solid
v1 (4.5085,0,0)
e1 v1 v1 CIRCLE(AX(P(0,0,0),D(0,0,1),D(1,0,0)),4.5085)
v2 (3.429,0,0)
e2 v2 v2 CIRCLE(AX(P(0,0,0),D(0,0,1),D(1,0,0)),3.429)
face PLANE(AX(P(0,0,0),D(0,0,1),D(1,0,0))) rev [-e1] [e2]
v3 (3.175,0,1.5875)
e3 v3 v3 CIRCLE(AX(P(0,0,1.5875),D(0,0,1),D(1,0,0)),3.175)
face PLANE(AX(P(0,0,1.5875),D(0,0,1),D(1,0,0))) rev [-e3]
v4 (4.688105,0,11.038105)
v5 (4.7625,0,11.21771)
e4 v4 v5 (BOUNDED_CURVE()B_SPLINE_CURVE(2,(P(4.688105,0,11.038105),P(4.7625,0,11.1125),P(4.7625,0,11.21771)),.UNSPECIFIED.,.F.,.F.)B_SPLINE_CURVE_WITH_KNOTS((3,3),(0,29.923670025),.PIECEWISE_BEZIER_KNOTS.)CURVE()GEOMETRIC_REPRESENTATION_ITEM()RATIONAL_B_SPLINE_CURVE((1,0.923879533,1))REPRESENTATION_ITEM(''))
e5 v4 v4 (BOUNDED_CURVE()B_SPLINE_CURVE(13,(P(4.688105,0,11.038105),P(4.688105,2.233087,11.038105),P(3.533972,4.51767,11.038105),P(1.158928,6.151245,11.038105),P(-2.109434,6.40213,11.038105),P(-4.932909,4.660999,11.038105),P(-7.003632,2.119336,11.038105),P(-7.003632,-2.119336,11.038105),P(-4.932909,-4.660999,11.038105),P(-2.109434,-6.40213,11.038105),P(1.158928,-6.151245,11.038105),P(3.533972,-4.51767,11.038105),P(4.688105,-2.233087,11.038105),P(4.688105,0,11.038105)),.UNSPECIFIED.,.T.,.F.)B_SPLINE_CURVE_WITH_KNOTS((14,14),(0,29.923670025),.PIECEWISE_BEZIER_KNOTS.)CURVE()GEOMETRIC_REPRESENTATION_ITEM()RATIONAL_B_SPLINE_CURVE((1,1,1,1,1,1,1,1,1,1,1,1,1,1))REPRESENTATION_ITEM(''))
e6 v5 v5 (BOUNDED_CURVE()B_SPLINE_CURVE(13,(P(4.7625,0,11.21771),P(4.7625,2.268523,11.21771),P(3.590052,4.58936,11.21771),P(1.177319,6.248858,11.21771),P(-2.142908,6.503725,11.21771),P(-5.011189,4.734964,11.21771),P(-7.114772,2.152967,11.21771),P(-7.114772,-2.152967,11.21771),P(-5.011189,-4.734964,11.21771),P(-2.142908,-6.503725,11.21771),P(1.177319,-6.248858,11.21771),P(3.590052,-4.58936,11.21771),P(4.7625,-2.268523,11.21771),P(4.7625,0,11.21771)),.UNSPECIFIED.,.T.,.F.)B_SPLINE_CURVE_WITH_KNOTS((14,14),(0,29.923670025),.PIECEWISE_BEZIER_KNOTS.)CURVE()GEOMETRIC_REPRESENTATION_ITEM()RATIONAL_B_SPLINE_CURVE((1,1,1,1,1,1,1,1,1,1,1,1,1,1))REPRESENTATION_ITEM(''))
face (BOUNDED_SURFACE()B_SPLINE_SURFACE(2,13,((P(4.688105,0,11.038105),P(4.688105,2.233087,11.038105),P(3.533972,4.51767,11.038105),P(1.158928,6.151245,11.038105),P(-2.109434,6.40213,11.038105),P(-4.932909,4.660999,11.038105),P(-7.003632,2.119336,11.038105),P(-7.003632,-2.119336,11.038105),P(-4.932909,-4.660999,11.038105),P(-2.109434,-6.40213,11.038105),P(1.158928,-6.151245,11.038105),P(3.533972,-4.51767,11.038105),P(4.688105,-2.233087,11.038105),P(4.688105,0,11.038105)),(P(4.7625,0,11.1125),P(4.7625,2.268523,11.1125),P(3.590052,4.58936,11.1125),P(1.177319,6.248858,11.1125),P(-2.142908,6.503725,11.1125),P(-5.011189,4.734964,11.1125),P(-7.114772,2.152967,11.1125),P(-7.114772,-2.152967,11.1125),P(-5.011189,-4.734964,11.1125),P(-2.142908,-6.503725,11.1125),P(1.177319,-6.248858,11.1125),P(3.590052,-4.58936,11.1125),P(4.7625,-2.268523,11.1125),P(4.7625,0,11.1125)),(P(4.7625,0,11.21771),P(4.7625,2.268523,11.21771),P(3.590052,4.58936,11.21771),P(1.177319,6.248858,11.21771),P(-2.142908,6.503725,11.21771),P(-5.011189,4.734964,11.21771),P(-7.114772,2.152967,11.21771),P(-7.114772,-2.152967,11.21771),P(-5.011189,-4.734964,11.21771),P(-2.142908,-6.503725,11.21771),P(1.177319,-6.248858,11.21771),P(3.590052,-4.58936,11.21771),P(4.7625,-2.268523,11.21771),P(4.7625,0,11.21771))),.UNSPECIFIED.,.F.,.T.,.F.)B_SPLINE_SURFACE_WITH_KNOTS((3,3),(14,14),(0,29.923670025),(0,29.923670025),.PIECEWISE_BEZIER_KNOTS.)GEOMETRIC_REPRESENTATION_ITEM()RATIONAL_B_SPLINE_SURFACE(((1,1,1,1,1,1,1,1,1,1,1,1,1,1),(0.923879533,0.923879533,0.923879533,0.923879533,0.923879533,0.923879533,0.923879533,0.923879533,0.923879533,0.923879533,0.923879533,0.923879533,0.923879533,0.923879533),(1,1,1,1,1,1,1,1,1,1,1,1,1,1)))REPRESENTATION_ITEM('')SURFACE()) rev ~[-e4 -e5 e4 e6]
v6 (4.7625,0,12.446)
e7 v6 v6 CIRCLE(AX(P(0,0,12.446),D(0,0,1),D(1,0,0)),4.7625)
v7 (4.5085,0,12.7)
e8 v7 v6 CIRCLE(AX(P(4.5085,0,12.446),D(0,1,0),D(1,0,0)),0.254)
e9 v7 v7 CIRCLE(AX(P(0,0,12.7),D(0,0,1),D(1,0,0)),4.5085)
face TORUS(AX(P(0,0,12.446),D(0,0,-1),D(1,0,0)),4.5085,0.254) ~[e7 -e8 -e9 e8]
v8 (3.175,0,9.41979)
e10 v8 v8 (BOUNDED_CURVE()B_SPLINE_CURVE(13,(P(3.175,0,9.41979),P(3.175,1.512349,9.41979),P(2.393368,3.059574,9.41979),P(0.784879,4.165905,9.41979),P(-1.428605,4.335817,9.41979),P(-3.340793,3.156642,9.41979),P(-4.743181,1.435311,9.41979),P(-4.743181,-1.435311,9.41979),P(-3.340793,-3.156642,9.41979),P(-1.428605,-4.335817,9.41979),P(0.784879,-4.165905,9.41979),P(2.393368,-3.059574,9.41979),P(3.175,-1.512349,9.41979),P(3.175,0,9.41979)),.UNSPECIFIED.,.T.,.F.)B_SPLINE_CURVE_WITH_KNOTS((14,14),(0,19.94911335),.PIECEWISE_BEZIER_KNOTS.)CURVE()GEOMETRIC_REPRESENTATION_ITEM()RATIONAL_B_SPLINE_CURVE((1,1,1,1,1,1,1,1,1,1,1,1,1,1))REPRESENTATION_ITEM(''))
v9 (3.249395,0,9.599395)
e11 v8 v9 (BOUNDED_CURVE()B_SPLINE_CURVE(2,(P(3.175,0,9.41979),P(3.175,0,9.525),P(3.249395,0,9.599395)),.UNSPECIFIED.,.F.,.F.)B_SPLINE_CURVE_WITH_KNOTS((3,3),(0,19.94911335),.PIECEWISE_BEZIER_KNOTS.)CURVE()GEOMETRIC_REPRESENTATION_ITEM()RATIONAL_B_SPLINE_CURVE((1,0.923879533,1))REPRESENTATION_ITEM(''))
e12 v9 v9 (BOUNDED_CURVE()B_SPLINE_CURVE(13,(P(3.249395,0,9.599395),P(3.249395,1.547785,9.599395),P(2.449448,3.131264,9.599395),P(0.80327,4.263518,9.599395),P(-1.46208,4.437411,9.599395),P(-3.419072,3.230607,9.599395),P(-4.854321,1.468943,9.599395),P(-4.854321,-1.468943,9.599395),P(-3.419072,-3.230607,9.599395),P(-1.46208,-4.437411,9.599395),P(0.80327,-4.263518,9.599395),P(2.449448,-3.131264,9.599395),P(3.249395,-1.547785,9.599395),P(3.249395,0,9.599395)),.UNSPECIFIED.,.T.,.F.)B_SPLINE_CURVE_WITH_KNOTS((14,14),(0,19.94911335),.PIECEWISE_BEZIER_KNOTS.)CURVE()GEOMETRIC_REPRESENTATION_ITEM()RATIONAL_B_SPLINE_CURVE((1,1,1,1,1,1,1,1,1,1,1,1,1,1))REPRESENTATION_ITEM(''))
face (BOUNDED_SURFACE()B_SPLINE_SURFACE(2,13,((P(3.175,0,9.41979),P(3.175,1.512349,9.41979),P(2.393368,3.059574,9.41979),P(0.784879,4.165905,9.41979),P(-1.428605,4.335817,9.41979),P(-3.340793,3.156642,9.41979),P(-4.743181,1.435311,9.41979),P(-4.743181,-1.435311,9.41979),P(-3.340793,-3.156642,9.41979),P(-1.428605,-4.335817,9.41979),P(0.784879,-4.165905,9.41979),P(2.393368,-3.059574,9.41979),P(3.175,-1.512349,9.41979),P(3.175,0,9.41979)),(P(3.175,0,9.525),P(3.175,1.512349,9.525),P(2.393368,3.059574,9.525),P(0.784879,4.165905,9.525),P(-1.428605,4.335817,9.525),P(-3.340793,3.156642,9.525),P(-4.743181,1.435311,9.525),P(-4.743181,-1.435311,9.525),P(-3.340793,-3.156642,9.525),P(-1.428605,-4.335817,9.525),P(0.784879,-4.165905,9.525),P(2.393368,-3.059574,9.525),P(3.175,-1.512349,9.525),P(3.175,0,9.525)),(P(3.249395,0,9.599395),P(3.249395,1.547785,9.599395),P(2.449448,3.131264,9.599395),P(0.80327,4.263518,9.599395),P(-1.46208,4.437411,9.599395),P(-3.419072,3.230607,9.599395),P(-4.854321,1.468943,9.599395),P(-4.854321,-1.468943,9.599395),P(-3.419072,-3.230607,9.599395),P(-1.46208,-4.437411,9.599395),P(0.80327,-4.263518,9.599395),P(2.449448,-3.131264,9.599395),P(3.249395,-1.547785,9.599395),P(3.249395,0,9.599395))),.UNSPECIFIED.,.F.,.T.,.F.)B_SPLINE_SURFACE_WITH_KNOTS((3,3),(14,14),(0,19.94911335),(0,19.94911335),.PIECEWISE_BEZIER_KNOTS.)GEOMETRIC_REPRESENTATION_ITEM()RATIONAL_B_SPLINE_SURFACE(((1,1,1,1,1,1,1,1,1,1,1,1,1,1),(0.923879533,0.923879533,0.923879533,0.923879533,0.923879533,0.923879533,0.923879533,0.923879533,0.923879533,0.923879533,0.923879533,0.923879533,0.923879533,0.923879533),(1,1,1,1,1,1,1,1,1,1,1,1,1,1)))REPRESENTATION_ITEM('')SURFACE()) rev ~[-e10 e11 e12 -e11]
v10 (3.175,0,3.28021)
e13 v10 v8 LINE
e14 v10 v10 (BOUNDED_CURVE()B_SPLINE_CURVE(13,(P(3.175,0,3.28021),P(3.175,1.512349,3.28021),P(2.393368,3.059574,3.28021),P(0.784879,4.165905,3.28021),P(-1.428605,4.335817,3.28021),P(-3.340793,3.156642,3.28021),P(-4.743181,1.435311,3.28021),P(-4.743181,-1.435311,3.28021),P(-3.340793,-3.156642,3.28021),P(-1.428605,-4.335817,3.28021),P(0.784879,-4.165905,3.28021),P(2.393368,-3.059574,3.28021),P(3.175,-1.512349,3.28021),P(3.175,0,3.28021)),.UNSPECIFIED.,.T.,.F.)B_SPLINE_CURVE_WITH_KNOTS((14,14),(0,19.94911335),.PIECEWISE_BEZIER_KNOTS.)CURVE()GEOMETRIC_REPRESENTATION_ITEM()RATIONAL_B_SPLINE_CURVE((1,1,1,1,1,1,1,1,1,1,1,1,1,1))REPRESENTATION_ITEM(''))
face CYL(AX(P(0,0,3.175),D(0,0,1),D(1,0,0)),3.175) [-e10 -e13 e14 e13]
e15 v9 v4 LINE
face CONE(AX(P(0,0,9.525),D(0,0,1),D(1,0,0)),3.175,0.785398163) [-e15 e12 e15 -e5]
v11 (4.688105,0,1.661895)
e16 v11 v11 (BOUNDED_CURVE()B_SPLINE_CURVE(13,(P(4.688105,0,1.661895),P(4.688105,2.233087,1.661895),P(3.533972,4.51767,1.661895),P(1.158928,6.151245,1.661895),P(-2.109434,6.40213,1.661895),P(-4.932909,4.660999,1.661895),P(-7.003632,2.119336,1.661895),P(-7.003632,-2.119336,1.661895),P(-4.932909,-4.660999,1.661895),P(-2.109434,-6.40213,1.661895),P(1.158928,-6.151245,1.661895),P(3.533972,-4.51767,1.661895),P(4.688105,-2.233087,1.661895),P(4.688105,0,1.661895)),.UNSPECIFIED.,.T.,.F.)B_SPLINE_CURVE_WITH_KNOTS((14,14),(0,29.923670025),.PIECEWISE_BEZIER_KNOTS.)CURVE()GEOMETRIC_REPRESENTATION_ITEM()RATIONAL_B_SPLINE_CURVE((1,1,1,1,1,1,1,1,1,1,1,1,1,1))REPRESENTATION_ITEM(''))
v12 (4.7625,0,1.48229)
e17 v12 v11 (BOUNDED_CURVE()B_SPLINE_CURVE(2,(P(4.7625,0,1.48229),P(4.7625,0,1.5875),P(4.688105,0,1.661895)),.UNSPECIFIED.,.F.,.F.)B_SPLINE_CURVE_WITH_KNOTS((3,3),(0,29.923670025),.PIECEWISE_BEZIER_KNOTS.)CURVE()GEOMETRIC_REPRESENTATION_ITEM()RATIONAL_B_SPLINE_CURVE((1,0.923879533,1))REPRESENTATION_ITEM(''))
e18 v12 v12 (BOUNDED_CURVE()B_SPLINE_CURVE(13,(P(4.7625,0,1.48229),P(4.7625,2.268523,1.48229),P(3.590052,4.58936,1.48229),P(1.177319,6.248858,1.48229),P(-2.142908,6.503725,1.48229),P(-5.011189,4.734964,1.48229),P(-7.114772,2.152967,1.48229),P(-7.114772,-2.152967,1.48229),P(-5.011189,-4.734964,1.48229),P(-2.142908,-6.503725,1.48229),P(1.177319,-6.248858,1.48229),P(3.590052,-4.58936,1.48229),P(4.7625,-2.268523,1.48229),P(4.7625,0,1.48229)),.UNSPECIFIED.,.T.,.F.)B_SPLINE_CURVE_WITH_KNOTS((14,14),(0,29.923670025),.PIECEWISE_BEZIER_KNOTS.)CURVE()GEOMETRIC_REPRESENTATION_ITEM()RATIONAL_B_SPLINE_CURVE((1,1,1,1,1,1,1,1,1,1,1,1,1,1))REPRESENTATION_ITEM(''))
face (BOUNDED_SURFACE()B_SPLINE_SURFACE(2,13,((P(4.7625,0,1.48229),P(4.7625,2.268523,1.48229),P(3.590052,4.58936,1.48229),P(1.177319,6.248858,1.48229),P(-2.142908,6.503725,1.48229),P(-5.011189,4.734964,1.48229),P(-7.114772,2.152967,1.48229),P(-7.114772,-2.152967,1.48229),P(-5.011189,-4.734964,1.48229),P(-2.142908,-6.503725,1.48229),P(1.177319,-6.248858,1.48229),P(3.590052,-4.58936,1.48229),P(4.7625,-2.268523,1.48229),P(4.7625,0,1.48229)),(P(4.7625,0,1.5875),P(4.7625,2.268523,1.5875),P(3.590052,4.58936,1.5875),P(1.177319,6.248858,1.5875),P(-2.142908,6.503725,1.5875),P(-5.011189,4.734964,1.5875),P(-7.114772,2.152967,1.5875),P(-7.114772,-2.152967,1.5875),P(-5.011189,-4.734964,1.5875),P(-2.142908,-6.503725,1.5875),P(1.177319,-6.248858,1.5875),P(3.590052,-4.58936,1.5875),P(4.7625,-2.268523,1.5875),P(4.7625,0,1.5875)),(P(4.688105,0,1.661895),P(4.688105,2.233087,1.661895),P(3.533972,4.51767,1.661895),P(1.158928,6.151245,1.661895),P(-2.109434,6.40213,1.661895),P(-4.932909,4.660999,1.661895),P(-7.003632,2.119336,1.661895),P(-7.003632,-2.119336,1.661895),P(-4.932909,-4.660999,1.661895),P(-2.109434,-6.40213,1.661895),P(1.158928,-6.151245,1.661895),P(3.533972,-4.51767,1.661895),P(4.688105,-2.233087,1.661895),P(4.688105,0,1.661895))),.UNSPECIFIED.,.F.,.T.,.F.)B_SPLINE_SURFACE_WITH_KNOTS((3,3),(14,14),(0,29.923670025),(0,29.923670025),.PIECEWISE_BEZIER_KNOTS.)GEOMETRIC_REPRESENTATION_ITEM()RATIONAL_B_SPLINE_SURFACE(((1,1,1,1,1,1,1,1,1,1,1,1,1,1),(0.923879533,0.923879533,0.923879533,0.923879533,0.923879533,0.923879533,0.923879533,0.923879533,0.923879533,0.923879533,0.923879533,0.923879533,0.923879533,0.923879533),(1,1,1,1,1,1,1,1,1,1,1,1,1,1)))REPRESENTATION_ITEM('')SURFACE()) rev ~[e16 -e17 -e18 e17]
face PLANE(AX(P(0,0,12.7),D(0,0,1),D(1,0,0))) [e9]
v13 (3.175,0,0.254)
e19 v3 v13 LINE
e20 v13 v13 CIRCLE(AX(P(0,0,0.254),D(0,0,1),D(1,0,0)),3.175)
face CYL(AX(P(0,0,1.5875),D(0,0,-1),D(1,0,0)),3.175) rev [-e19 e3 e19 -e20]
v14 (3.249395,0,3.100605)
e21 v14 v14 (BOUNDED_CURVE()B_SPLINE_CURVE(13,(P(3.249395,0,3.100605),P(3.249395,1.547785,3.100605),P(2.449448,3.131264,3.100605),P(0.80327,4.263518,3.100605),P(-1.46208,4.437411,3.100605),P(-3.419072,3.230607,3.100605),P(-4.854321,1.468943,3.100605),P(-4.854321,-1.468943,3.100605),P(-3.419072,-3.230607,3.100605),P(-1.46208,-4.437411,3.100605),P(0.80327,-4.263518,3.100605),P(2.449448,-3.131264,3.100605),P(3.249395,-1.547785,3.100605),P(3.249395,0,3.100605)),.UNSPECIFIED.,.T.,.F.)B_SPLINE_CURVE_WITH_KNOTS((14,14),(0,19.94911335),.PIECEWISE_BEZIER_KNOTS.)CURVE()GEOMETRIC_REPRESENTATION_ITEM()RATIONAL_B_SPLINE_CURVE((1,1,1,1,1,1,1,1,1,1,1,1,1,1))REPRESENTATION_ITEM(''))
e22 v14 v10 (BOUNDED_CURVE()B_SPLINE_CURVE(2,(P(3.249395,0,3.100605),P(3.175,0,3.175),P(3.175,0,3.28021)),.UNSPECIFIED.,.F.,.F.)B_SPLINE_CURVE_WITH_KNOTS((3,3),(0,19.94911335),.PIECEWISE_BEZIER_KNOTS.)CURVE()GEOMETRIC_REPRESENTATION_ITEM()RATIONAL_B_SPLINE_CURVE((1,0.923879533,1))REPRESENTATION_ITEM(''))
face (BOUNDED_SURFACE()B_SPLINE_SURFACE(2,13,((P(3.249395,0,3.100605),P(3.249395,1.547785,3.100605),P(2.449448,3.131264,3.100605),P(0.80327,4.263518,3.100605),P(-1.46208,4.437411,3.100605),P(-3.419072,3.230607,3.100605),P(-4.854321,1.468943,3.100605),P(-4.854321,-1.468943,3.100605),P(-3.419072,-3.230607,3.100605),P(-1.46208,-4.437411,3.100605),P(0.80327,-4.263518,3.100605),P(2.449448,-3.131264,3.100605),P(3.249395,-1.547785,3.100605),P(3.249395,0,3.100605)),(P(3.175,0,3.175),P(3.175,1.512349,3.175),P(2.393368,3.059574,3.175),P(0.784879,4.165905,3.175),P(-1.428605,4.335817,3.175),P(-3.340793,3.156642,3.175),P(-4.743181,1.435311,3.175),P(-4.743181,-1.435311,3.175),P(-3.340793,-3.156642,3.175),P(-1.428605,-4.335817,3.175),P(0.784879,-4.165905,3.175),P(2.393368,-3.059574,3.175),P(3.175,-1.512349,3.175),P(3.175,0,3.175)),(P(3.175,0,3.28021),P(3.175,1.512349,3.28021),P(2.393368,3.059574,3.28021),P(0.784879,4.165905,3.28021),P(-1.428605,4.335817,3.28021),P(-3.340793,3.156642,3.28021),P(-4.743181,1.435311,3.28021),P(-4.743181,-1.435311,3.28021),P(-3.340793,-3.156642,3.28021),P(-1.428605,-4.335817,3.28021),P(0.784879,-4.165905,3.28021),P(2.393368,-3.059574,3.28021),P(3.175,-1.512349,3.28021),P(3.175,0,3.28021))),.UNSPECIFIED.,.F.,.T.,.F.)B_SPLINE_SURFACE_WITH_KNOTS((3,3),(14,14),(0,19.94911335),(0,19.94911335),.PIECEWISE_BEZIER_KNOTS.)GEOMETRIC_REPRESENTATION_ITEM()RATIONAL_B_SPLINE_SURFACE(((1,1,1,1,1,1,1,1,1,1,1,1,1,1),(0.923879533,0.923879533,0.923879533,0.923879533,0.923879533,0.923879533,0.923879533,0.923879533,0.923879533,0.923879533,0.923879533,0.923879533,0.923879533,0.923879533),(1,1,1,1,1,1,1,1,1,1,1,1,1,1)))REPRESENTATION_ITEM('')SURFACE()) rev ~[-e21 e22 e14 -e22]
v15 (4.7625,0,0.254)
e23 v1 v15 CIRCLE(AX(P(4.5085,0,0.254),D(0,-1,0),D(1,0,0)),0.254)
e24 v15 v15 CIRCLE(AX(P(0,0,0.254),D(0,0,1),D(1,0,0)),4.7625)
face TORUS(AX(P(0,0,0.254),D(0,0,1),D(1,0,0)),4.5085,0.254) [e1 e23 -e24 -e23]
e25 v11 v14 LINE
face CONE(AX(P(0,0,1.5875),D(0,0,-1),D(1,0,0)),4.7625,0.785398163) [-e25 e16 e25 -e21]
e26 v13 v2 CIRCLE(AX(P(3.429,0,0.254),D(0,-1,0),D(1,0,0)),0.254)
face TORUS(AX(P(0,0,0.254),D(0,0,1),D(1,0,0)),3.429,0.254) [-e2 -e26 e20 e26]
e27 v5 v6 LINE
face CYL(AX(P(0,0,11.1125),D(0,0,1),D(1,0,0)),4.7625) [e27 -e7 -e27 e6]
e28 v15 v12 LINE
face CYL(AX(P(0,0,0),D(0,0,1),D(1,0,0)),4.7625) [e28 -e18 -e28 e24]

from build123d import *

# Parameters (mm, degrees)
F2_R = 0.254


with BuildPart() as f1:
    # F0 (on Front) → F1 (revolve)
    with BuildSketch(Plane.XZ):
        Polygon((4.7625, 12.7), (0, 12.7), (0, 1.5875), (3.175, 1.5875), (3.175, 0), (4.7625, 0), (4.7625, 1.5875), (3.175, 3.175), (3.175, 9.525), (4.7625, 11.1125), align=None)
    revolve(axis=Axis((0, 0, 6.35), (0, 0, 1)))

    # F2
    f2_edges = [f1.edges().sort_by_distance(p)[0] for p in [
        (-3.175, 0, 0),
        (-4.7625, 0, 0),
        (-4.7625, 0, 1.5875),
        (-3.175, 0, 3.175),
        (-3.175, 0, 9.525),
        (-4.7625, 0, 11.1125),
        (-4.7625, 0, 12.7),
    ]]
    fillet(f2_edges, radius=F2_R)


solid = f1.part
